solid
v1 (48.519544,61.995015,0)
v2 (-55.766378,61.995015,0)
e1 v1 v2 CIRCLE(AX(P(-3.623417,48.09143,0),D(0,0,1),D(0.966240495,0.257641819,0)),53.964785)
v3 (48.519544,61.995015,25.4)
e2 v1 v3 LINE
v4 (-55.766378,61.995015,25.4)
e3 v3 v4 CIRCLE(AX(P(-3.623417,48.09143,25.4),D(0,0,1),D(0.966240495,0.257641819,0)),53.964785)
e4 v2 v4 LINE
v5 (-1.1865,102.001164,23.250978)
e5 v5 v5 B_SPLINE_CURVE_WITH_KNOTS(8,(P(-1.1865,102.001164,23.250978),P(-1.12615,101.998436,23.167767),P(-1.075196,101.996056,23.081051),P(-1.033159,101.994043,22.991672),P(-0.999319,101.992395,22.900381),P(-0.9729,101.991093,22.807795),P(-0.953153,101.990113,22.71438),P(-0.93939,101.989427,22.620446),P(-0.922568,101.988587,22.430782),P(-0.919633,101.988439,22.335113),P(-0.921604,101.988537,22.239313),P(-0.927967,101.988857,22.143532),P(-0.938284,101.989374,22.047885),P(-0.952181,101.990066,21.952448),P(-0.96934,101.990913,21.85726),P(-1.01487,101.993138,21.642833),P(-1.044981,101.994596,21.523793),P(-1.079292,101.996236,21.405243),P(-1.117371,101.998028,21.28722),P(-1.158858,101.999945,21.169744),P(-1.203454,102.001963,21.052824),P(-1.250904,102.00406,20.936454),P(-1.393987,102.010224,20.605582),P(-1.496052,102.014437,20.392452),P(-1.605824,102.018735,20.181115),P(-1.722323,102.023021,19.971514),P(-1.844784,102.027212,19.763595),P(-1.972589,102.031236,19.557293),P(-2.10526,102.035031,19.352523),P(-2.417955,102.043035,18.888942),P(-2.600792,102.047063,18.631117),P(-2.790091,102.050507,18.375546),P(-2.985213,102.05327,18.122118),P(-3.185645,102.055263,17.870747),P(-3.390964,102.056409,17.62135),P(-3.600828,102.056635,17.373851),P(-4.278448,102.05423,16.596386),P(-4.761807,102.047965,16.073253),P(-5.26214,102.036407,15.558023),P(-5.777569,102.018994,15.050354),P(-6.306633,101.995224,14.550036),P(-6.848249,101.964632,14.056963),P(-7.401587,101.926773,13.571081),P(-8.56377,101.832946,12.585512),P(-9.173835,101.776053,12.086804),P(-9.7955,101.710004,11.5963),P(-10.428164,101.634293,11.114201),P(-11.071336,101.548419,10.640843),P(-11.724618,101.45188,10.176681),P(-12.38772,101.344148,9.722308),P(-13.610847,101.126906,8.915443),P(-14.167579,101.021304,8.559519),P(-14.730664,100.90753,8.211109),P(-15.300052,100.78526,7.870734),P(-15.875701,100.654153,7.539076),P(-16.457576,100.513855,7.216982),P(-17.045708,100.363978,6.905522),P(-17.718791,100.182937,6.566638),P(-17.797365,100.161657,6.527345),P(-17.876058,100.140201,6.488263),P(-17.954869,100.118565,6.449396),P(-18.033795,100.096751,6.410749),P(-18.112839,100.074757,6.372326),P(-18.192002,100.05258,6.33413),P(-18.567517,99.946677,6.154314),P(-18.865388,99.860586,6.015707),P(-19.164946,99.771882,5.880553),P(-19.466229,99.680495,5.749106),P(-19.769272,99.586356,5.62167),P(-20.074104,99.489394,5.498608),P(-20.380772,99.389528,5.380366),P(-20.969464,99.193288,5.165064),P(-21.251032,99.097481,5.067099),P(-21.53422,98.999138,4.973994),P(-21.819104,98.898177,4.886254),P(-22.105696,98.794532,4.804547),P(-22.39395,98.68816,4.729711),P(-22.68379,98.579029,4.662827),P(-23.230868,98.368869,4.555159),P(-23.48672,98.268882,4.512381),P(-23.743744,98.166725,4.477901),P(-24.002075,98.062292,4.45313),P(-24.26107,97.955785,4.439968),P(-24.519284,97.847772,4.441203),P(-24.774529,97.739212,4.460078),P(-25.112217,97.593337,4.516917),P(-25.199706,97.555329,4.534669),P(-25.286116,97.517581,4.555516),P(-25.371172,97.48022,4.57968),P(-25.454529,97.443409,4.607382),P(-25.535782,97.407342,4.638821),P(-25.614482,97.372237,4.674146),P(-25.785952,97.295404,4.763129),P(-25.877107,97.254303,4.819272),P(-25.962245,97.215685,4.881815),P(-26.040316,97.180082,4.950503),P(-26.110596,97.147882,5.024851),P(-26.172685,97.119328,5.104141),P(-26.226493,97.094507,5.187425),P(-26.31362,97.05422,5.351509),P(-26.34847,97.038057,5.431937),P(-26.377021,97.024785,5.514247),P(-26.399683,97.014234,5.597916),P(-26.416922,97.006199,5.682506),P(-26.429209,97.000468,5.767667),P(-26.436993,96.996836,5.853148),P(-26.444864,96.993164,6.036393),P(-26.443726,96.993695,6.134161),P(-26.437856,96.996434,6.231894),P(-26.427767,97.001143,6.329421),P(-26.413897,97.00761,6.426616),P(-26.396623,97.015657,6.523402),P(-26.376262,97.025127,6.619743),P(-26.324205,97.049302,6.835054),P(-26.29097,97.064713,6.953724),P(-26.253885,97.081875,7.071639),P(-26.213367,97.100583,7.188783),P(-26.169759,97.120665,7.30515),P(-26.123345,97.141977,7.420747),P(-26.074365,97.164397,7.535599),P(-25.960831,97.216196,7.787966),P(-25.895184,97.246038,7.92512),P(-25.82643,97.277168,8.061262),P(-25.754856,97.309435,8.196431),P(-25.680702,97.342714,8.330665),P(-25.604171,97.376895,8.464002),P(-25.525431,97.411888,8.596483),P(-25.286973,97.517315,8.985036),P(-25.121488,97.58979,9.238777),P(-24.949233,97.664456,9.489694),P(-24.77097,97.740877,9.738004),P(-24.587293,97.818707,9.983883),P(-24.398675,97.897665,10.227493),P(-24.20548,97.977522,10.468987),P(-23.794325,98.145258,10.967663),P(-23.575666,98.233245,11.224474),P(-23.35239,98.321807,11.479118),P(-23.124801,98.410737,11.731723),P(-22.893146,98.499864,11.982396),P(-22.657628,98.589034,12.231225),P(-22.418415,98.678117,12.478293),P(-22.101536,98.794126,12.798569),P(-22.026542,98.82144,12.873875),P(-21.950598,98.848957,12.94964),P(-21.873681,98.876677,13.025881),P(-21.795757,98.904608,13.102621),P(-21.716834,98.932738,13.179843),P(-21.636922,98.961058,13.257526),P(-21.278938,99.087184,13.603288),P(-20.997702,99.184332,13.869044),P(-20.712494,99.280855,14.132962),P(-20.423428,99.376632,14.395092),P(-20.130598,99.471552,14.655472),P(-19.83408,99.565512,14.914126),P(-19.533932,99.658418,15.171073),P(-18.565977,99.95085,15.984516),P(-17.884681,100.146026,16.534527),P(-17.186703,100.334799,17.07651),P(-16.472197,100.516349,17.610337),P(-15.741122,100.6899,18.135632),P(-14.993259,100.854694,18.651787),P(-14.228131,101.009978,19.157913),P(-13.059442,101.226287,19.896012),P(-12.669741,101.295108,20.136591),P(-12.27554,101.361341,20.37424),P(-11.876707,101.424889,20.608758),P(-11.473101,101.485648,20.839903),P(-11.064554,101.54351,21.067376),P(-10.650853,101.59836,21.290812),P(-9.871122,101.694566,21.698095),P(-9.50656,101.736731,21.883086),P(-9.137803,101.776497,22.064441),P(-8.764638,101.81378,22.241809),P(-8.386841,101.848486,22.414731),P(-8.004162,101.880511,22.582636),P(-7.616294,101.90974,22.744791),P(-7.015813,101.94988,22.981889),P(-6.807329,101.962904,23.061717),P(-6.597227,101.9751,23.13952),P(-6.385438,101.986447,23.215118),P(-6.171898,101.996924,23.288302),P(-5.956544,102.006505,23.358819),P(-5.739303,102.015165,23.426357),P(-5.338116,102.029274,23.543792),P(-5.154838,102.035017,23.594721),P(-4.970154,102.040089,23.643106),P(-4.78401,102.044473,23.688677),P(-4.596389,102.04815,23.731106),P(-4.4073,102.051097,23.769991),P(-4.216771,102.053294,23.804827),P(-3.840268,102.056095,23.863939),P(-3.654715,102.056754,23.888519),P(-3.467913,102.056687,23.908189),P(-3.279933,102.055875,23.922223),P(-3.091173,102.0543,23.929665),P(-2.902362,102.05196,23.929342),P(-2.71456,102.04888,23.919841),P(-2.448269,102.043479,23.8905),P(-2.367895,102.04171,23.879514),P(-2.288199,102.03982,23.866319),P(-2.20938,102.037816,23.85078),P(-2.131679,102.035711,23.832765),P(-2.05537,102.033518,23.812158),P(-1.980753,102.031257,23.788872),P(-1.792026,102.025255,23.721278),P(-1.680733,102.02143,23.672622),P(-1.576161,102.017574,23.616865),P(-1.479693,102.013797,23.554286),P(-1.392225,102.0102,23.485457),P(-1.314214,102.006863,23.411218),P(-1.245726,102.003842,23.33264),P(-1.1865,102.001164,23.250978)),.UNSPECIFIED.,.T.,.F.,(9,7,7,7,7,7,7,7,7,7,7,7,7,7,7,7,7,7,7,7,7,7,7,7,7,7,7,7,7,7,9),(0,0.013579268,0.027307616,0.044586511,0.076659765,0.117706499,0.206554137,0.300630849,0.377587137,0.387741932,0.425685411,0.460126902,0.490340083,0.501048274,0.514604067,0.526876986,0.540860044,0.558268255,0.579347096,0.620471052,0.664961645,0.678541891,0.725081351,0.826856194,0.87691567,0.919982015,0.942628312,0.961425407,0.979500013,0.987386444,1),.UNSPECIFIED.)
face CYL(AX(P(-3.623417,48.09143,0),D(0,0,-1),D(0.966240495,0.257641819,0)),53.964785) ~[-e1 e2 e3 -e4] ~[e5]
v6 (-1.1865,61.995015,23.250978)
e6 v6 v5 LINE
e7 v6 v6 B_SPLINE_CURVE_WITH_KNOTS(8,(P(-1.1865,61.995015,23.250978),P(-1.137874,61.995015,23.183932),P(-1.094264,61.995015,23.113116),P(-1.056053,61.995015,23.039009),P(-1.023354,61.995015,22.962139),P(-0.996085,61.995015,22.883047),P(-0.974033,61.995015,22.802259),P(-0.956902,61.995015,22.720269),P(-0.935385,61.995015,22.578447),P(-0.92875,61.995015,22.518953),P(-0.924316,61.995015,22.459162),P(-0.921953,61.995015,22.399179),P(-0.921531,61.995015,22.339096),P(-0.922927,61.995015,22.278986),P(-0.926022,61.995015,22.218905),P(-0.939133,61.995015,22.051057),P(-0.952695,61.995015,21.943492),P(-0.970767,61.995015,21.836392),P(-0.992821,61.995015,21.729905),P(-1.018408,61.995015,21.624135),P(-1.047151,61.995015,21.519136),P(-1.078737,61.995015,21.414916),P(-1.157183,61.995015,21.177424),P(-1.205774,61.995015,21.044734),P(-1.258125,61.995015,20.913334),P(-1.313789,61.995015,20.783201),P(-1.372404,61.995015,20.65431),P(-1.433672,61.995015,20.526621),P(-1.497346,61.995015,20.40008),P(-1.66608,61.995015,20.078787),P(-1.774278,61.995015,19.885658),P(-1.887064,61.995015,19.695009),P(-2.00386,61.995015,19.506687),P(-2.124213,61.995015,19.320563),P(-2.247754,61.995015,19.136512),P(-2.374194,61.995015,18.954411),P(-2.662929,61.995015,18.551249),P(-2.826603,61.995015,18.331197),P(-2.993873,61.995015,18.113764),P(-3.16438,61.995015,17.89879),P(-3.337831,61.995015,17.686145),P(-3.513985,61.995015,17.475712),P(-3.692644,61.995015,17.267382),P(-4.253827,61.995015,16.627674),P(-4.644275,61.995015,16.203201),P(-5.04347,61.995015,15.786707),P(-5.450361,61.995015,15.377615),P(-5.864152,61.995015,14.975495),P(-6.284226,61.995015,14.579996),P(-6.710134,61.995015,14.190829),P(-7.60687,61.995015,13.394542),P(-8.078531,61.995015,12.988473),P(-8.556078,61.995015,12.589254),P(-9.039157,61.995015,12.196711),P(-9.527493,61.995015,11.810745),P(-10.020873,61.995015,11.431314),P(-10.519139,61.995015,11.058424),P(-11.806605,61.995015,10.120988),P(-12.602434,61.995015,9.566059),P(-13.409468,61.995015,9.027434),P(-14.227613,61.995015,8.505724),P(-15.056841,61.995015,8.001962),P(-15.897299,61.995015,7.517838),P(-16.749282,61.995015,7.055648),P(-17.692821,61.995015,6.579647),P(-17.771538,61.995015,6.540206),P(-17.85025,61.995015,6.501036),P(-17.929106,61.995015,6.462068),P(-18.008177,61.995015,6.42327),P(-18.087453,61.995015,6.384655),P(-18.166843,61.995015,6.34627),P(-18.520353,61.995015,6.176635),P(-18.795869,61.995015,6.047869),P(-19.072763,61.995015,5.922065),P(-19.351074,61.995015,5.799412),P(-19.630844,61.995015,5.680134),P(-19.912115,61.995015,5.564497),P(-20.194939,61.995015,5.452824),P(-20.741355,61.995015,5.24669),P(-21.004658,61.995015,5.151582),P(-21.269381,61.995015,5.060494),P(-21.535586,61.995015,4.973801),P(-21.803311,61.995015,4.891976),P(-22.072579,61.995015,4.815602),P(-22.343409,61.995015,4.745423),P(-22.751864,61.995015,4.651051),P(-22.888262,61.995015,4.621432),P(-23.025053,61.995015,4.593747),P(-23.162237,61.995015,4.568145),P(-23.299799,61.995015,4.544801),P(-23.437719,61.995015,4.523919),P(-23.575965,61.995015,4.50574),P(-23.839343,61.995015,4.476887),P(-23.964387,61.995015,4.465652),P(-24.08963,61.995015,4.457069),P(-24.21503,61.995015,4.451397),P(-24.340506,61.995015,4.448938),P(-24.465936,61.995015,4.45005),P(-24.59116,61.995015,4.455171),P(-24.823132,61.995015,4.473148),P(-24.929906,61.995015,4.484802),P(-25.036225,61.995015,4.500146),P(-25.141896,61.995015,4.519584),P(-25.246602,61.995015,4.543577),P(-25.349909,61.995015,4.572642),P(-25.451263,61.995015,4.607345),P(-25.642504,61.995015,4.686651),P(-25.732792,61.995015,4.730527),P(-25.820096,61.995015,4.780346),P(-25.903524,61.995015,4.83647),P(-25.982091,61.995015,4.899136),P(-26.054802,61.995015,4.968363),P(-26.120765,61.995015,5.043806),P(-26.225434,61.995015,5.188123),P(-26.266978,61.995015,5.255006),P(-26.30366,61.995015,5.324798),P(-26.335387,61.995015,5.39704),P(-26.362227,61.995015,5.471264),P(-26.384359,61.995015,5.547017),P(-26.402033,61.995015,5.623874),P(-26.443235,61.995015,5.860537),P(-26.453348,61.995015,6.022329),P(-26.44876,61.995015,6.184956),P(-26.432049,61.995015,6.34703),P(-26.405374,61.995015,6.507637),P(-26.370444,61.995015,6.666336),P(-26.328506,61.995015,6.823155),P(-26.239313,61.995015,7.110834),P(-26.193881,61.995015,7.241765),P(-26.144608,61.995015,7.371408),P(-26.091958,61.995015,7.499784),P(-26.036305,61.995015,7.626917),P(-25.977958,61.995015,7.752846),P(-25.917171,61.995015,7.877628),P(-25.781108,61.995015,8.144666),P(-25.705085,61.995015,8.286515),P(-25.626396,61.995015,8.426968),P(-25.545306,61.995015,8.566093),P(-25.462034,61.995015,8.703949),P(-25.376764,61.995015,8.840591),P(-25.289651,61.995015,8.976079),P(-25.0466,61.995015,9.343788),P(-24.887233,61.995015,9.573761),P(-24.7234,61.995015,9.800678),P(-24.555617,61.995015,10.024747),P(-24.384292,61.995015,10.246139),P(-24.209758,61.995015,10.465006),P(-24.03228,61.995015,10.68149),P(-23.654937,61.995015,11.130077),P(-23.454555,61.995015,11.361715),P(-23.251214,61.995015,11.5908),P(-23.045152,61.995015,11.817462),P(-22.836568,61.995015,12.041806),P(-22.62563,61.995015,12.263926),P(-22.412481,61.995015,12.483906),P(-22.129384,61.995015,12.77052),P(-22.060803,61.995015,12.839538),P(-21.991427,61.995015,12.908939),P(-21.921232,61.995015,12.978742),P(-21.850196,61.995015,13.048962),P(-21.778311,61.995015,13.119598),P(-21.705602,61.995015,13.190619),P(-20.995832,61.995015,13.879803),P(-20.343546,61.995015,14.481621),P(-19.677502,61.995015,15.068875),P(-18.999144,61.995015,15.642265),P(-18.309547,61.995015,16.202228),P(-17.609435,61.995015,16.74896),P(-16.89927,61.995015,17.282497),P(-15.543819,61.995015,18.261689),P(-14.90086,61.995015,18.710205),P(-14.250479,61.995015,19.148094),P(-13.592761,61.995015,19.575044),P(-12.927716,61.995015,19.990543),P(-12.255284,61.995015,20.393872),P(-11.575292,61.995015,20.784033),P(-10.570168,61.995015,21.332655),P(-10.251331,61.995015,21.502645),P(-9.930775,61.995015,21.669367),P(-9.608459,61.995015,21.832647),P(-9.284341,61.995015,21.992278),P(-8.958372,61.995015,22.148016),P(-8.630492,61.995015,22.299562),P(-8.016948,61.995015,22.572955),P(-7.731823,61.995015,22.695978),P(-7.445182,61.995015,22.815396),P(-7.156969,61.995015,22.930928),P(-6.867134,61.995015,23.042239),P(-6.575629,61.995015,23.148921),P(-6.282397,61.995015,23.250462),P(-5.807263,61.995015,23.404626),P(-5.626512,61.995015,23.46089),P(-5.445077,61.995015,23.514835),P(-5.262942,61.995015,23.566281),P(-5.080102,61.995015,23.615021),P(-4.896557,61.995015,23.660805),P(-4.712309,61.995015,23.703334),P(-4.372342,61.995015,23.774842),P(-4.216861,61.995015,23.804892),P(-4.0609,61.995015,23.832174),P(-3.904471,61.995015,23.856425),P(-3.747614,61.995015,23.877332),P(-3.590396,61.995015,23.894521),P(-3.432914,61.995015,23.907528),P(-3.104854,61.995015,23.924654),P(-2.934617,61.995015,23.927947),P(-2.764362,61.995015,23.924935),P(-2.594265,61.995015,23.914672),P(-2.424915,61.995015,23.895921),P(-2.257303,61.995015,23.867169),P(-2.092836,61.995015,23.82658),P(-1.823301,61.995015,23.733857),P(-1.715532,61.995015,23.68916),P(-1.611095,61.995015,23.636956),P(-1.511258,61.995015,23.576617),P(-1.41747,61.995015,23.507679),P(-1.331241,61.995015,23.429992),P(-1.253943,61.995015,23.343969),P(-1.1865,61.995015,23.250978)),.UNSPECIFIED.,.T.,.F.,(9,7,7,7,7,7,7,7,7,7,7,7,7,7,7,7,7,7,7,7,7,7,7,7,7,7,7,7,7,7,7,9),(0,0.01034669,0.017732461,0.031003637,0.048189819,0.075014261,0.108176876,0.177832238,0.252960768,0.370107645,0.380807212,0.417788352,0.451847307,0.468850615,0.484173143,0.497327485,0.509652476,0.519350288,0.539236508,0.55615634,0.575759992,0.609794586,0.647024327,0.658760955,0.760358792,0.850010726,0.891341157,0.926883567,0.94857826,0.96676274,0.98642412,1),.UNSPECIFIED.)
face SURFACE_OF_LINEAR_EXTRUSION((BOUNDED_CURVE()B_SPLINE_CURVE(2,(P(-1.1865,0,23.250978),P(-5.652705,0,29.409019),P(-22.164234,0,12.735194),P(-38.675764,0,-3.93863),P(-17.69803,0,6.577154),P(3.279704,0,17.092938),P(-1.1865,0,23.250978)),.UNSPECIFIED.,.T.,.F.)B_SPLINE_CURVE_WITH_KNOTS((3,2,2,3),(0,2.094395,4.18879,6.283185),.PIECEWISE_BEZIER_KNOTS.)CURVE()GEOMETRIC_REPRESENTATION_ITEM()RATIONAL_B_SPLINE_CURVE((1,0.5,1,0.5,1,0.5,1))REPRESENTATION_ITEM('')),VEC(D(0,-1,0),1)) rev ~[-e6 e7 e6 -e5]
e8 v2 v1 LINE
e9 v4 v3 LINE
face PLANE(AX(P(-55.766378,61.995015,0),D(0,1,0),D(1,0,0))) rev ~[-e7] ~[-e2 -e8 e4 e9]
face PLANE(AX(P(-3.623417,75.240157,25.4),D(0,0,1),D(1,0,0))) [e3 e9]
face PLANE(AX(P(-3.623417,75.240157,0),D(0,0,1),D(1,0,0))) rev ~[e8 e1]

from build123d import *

# Parameters (mm, degrees)
F1_DEPTH = 25.4
F4_DEPTH = 102.057215


with BuildPart() as f1:
    # F0 (on Top) → F1 (new body)
    with BuildSketch(Plane.XY):
        with BuildLine():
            ThreePointArc((48.519544, 61.995015), (-3.623417, 102.056215), (-55.766378, 61.995015))
            Line((-55.766378, 61.995015), (48.519544, 61.995015))
        make_face()
    extrude(amount=F1_DEPTH)

    # F3 (on face) → F4 (cut, through all)
    with BuildSketch(Plane.XZ):
        with BuildLine():
            add(Edge.make_bspline(
                [(-1.1865, 23.250978), (-5.652705, 29.409019), (-22.164234, 12.735194), (-38.675764, -3.93863), (-17.69803, 6.577154), (3.279704, 17.092938), (-1.1865, 23.250978)],
                knots=[0, 0, 0, 2.094395, 2.094395, 4.18879, 4.18879, 6.283185, 6.283185, 6.283185], degree=2, weights=[1, 0.5, 1, 0.5, 1, 0.5, 1]))
        make_face()
    extrude(amount=-F4_DEPTH, mode=Mode.SUBTRACT)


solid = f1.part
